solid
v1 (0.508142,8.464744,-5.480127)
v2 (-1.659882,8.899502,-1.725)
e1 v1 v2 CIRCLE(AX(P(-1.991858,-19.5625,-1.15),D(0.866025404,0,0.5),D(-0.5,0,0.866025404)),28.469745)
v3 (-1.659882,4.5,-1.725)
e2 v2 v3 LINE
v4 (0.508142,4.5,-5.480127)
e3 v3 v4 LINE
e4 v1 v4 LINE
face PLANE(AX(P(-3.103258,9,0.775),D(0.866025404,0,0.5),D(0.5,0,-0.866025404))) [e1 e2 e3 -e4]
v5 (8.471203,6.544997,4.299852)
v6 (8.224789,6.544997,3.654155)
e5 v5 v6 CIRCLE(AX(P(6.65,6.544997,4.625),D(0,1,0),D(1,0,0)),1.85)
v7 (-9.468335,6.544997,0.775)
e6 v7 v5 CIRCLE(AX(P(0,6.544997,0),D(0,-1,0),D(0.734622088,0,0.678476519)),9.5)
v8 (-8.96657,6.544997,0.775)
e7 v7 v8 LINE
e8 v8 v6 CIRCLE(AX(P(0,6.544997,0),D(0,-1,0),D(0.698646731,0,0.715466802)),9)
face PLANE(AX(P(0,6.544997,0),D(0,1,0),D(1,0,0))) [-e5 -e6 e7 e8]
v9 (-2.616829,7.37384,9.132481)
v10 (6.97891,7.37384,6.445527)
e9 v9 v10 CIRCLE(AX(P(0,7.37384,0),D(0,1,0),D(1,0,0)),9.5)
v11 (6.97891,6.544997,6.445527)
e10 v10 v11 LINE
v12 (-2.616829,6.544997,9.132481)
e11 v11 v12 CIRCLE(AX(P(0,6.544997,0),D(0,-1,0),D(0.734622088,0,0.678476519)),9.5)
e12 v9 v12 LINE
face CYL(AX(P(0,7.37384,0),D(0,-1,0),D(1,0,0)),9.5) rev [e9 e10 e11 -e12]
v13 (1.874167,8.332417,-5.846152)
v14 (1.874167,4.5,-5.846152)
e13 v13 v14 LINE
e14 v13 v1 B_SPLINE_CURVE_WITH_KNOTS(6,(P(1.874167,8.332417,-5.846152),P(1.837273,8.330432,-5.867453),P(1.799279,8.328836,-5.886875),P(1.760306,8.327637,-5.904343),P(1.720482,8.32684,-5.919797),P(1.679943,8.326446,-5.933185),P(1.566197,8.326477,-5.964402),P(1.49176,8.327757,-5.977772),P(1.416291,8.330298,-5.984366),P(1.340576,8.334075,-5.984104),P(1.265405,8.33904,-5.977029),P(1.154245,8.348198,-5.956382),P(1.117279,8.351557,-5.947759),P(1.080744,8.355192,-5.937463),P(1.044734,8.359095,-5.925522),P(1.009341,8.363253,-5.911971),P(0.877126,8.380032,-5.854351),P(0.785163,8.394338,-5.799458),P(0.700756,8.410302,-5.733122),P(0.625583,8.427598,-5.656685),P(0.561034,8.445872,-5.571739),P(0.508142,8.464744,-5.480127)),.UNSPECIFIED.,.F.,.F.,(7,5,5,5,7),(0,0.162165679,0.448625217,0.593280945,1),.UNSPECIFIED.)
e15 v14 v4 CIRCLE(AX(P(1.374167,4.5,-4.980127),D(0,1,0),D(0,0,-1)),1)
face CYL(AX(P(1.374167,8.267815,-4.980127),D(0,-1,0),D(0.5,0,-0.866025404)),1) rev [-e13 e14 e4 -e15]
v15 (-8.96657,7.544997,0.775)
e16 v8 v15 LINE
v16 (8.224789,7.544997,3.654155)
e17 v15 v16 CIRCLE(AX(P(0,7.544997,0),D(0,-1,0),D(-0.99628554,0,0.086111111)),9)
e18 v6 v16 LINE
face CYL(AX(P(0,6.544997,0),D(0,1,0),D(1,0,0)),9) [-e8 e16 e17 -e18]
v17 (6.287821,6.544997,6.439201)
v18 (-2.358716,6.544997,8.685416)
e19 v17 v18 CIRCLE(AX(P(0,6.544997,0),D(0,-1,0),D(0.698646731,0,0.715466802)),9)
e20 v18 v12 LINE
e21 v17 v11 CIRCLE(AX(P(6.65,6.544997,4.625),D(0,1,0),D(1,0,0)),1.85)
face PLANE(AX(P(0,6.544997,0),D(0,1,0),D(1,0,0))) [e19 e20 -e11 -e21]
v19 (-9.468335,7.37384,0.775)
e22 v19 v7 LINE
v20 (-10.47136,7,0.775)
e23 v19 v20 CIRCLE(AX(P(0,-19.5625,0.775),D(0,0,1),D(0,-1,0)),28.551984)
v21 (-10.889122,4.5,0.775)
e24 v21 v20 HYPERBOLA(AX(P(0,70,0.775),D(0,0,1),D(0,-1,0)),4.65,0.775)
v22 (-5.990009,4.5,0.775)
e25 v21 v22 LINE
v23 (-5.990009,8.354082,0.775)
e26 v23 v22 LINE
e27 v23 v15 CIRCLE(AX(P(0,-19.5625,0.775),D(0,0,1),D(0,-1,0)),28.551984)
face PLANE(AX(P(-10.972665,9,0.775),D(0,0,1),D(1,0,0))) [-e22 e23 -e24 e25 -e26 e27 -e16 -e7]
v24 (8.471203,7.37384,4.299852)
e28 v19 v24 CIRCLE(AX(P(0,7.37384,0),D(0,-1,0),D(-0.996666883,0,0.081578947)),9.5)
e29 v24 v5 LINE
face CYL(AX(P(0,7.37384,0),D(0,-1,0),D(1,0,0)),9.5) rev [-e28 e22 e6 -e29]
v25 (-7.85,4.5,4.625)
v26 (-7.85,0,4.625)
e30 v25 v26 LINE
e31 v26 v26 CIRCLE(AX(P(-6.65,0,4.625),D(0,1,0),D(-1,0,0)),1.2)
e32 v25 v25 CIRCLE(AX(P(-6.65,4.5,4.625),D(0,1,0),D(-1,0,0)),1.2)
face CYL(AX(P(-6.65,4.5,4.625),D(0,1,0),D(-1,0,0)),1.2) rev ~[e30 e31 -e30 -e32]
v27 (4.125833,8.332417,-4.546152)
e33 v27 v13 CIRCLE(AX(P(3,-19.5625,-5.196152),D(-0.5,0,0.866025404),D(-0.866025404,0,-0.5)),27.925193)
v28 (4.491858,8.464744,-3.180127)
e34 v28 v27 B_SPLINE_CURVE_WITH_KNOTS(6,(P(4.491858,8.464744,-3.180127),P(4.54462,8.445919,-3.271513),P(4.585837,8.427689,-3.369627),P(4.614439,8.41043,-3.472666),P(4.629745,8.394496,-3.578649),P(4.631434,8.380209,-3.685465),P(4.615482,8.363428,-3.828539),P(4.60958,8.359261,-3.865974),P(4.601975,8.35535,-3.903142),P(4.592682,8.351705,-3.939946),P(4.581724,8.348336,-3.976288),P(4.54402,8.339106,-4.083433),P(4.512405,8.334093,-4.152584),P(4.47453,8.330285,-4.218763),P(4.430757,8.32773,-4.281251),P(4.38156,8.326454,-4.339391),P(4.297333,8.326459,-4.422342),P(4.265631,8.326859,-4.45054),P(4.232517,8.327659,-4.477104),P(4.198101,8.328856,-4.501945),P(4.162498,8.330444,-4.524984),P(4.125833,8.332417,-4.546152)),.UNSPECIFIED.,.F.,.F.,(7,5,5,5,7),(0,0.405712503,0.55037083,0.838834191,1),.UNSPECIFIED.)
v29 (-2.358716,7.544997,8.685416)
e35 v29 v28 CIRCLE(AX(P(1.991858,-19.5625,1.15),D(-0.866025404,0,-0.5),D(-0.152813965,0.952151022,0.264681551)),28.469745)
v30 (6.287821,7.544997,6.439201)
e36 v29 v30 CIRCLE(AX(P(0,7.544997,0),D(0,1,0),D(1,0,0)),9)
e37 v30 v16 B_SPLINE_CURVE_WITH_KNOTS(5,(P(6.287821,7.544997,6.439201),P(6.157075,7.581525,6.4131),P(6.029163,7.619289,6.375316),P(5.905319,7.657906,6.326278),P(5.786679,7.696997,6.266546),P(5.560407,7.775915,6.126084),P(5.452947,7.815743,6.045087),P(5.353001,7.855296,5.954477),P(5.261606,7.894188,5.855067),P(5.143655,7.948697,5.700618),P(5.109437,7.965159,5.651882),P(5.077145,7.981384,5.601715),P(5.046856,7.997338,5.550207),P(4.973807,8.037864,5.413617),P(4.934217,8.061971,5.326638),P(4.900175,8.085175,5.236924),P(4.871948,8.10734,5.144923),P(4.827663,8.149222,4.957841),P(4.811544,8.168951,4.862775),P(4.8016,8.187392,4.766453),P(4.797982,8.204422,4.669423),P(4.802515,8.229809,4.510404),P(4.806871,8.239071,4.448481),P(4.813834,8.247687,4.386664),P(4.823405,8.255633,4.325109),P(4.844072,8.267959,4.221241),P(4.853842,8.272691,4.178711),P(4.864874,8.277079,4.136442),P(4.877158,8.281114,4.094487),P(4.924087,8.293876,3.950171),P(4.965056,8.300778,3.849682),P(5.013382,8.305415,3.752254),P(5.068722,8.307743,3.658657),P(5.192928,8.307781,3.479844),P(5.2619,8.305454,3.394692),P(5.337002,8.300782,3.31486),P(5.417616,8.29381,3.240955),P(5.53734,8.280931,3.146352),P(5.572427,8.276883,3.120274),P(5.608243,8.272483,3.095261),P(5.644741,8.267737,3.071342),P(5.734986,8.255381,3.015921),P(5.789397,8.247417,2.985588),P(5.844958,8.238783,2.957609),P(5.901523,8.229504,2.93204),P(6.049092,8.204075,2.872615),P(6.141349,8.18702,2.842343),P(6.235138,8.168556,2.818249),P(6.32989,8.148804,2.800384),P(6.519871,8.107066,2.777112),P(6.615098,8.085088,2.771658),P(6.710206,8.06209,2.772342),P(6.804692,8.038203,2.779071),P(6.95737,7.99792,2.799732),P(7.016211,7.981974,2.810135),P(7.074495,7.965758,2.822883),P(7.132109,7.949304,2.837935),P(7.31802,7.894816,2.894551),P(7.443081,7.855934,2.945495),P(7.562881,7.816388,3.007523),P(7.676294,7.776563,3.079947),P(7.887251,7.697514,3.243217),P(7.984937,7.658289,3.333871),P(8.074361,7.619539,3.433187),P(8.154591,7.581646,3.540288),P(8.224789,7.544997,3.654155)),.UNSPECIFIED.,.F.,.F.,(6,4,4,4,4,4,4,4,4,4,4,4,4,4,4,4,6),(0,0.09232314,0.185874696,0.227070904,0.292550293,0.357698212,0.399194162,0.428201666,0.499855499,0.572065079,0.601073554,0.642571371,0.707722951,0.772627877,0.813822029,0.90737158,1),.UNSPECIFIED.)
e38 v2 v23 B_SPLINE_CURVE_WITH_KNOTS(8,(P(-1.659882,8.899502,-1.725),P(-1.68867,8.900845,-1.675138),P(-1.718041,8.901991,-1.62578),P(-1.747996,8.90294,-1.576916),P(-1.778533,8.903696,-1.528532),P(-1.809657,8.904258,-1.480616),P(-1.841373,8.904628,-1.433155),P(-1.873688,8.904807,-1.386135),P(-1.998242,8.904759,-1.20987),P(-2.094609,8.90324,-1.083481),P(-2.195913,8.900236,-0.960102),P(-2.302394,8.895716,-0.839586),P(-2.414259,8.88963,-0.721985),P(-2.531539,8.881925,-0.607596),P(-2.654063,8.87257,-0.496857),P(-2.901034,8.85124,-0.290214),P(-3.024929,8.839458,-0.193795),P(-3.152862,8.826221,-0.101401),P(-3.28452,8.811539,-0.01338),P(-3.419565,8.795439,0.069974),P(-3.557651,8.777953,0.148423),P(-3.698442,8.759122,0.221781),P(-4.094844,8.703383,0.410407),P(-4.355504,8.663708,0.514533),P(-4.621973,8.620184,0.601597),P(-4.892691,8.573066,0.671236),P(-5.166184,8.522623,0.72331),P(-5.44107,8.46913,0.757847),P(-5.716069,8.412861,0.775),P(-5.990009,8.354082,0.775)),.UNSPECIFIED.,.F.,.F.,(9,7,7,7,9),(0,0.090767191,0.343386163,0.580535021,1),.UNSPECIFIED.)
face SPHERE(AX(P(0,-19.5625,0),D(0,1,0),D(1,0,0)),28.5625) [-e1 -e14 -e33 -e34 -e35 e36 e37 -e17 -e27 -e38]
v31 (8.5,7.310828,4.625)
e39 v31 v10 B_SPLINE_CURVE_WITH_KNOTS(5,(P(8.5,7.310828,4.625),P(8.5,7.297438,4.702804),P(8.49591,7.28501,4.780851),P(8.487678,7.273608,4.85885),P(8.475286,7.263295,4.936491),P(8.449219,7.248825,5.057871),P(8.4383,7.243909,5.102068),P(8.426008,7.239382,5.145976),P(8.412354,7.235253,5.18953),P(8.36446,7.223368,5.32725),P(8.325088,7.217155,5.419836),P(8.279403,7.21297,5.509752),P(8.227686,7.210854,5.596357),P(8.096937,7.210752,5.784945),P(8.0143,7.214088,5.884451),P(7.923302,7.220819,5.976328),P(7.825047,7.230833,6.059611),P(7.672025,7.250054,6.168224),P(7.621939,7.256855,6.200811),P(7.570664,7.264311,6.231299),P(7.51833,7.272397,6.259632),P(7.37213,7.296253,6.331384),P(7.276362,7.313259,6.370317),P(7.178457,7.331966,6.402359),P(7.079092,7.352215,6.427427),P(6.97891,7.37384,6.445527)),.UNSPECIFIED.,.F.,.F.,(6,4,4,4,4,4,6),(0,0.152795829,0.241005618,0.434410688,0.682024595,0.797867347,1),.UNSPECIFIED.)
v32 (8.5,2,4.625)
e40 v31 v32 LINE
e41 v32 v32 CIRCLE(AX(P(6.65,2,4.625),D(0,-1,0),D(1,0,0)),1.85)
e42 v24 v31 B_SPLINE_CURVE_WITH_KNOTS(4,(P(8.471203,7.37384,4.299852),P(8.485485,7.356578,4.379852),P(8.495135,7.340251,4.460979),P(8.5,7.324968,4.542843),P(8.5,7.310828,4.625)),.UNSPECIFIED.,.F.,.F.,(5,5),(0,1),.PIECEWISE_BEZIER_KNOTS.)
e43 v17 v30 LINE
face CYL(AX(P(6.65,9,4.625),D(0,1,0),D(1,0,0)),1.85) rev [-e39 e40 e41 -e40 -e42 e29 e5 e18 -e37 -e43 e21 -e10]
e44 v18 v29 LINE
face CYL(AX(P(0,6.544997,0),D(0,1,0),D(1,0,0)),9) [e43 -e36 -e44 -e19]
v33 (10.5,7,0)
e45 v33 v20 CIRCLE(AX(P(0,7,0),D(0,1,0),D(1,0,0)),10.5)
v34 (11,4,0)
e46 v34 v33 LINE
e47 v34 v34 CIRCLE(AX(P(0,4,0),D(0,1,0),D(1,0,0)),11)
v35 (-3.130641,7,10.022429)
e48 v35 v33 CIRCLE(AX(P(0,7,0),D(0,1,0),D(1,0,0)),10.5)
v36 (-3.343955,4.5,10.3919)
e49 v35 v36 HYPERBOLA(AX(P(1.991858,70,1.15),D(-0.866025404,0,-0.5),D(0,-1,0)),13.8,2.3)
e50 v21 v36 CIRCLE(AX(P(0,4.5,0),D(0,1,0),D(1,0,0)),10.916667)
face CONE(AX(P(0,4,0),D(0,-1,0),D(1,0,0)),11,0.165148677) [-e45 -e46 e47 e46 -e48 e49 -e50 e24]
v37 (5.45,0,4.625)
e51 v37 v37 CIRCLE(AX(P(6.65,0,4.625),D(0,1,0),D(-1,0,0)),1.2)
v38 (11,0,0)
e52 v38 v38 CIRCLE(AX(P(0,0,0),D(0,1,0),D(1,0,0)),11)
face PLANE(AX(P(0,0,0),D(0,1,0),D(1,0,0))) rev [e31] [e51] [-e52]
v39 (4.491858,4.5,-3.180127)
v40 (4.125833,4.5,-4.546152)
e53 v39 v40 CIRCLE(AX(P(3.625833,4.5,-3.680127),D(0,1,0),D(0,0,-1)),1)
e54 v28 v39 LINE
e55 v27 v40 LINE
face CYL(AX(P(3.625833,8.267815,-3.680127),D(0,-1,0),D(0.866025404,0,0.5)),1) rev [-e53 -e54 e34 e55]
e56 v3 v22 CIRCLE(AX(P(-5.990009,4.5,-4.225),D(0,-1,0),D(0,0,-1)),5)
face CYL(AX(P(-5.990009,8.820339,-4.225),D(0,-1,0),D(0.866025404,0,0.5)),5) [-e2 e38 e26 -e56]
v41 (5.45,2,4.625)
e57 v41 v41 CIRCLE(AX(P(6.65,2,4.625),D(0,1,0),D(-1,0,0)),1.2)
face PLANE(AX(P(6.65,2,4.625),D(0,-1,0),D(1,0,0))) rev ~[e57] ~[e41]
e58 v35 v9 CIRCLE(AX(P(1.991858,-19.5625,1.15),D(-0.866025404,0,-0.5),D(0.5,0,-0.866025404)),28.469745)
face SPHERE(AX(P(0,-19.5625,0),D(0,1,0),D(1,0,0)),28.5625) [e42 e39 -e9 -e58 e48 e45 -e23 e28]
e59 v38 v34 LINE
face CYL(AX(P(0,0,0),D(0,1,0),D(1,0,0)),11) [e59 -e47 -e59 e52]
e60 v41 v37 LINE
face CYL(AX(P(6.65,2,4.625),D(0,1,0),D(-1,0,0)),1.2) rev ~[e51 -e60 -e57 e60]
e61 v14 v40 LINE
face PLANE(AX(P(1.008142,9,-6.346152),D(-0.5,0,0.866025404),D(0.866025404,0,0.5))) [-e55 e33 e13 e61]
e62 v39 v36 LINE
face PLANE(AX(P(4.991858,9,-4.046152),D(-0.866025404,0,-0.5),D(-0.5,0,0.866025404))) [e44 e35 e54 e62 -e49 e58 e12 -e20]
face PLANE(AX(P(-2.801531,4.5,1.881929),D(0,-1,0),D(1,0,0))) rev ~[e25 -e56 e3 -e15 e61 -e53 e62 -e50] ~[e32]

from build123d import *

# Parameters (mm, degrees)
F3_R      = 1.85
F4_DEPTH  = 7
F5_R      = 1.2
F6_DEPTH  = 2
F8_DEPTH  = 4.5
F9_R      = 1
F10_R     = 1.2
F11_DEPTH = 4.5
F12_R     = 5


with BuildPart() as f1:
    # F0 (on Top) → F1 (revolve)
    with BuildSketch(Plane.XY):
        with BuildLine():
            Line((0, 9), (0, 0))
            Line((0, 0), (11, 0))
            Line((11, 0), (11, 4))
            Line((11, 4), (10.5, 7))
            ThreePointArc((10.5, 7), (10.0017468007, 7.1915925315), (9.5, 7.3738398822))
            Line((9.5, 7.3738398822), (9.5, 6.5449972332))
            Line((9.5, 6.5449972332), (9, 6.5449972332))
            Line((9, 6.5449972332), (9, 7.5449972332))
            ThreePointArc((9, 7.5449972332), (4.5584271698, 8.6339031037), (0, 9))
        make_face()
    revolve(axis=Axis((0, 4.5, 0), (0, 1, 0)))

    # F3 (on offset) → F4 (cut)
    with BuildSketch(Plane.XZ.offset(-9)):
        with Locations((6.65, 4.625)):
            Circle(F3_R)
    extrude(amount=F4_DEPTH, mode=Mode.SUBTRACT)

    # F5 (on face) → F6 (cut, through all)
    with BuildSketch(Plane(origin=(0, 2, 0), x_dir=(-1, 0, 0), z_dir=(0, 1, 0))):
        with Locations((-6.65, 4.625)):
            Circle(F5_R)
    extrude(amount=-F6_DEPTH, mode=Mode.SUBTRACT)

    # F7 (on offset) → F8 (cut)
    with BuildSketch(Plane.XZ.offset(-9)):
        with BuildLine():
            Line((4.9918584287, -4.0461524227), (-3.38657071, 10.4657125331))
            ThreePointArc((-3.38657071, 10.4657125331), (-8.661662033, 6.780531751), (-10.9726648996, 0.775))
            Line((-10.9726648996, 0.775), (-3.1032576969, 0.775))
            Line((-3.1032576969, 0.775), (1.0081415713, -6.3461524227))
            Line((1.0081415713, -6.3461524227), (4.9918584287, -4.0461524227))
        make_face()
    extrude(amount=F8_DEPTH, mode=Mode.SUBTRACT)

    # F9
    f9_edges = [f1.edges().sort_by_distance(p)[0] for p in [
        (4.991858, 6.383907, -4.046152),
        (1.008142, 6.383907, -6.346152),
    ]]
    fillet(f9_edges, radius=F9_R)

    # F10 (on face) → F11 (cut, through all)
    with BuildSketch(Plane(origin=(0, 4.5, 0), x_dir=(-1, 0, 0), z_dir=(0, 1, 0))):
        with Locations((6.65, 4.625)):
            Circle(F10_R)
    extrude(amount=-F11_DEPTH, mode=Mode.SUBTRACT)

    # F12
    f12_edges = [f1.edges().sort_by_distance(p)[0] for p in [
        (-3.103258, 6.66017, 0.775),
    ]]
    fillet(f12_edges, radius=F12_R)


solid = f1.part
